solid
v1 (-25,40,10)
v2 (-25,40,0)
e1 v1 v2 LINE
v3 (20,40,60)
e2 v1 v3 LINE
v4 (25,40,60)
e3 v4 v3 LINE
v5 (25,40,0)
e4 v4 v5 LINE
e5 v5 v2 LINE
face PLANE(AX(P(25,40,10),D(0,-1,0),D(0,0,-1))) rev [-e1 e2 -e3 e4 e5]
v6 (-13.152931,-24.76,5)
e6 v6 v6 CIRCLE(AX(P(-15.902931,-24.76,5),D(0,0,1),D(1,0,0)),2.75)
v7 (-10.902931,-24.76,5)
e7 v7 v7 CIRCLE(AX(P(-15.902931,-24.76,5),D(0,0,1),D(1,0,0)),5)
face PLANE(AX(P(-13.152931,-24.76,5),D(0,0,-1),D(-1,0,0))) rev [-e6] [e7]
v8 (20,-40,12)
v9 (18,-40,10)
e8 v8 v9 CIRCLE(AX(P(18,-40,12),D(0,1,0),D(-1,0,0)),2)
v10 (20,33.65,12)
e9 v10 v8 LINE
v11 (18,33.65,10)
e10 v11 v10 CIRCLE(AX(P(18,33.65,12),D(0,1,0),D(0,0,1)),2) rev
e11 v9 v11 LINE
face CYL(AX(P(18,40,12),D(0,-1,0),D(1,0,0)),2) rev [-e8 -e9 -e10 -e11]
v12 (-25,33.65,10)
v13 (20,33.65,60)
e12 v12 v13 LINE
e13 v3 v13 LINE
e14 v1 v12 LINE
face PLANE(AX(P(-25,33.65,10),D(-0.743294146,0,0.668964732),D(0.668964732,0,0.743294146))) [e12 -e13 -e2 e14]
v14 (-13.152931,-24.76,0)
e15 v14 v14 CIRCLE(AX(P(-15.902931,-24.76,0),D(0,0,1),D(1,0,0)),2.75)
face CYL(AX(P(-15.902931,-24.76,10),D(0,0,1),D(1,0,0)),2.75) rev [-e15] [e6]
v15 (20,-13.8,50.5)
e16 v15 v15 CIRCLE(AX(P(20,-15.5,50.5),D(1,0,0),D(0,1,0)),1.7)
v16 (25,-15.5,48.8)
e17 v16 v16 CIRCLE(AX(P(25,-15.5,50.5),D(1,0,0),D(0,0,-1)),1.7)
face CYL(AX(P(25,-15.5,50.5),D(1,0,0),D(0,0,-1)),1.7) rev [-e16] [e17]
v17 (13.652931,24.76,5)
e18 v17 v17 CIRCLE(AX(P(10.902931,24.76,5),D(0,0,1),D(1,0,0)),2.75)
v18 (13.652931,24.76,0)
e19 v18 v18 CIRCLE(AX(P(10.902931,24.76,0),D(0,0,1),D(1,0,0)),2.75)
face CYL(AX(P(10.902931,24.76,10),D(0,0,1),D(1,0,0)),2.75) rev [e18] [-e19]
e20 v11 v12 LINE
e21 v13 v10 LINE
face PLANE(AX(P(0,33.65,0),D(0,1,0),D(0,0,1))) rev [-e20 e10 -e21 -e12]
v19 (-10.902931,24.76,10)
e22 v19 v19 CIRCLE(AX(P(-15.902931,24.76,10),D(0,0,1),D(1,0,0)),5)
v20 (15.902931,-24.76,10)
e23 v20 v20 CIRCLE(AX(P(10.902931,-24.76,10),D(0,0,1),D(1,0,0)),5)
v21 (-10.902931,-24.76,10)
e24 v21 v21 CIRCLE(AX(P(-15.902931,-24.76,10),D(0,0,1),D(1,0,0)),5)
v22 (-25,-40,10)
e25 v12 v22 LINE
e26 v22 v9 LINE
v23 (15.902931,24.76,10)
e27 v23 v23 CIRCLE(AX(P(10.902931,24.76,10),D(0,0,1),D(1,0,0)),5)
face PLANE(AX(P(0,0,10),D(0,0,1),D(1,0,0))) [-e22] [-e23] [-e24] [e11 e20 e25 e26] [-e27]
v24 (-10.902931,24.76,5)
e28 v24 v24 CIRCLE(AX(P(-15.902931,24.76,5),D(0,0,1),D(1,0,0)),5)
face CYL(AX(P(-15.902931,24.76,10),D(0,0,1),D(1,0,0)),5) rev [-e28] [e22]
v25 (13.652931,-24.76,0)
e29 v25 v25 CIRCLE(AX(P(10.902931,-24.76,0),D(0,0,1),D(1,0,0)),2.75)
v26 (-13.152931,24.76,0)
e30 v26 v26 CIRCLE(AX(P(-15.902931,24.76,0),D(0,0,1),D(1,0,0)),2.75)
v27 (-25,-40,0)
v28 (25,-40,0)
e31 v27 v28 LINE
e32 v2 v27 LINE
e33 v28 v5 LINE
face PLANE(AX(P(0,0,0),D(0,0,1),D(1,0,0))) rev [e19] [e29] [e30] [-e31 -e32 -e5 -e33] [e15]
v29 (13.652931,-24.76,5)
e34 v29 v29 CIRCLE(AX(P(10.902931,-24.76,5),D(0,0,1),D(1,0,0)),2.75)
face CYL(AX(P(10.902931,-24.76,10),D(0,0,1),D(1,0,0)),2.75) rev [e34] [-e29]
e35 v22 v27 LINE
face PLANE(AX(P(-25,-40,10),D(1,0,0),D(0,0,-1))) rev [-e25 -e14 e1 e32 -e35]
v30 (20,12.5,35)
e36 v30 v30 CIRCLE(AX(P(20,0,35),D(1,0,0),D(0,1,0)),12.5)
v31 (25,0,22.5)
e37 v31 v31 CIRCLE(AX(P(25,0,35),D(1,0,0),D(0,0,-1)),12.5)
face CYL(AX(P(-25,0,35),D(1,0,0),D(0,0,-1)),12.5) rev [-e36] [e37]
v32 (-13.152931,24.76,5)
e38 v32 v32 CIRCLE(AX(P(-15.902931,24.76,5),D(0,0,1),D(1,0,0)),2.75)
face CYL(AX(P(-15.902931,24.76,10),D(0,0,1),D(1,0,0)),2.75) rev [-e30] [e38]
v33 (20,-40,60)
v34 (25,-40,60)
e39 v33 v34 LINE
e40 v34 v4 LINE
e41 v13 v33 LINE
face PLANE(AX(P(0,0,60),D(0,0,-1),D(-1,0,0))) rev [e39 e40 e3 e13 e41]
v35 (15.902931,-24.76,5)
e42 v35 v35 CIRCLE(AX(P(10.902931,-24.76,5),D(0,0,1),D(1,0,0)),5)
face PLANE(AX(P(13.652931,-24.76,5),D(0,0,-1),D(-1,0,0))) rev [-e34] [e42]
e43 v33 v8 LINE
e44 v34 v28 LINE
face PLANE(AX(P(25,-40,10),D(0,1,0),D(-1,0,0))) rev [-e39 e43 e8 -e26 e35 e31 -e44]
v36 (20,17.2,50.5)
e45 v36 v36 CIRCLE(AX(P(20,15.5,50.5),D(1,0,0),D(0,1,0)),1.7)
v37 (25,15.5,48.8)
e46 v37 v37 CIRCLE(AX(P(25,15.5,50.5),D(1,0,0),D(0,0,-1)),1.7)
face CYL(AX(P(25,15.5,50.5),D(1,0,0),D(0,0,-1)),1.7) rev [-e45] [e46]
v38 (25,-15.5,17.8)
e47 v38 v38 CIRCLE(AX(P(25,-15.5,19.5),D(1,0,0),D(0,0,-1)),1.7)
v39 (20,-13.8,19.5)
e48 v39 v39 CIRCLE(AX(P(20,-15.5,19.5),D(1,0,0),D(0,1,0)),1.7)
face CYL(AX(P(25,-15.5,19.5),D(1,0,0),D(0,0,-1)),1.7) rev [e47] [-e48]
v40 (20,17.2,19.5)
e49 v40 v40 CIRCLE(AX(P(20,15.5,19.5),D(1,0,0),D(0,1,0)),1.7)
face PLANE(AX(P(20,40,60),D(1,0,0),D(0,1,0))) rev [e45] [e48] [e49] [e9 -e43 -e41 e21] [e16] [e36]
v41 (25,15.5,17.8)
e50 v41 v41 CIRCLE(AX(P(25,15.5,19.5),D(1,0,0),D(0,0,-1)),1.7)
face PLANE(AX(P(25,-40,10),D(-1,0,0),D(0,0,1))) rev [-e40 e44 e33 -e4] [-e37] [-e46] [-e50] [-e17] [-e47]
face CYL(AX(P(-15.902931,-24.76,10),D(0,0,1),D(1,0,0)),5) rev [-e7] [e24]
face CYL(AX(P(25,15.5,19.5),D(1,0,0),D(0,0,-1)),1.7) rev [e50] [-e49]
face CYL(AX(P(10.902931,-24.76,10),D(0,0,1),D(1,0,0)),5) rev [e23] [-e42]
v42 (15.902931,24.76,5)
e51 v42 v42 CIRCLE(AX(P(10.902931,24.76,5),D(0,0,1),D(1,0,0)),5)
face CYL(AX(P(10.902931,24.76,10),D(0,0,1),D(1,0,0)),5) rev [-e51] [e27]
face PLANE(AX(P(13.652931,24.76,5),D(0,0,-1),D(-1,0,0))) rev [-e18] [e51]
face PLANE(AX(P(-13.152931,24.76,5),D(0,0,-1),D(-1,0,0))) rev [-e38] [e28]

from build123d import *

# Parameters (mm, degrees)
SKETCH1_W                      = 50
SKETCH1_H                      = 80
BOSS_EXTRUDE1_DEPTH            = 10
SKETCH2_W                      = 5
SKETCH2_H                      = 80
BOSS_EXTRUDE2_DEPTH            = 50
SKETCH3_R                      = 12.5
CUT_EXTRUDE1_DEPTH             = 88.749643874
M3_CLEARANCE_HOLE1_D           = 3.4
CBORE_FOR_M5_SHCS1_D           = 5.5
CBORE_FOR_M5_SHCS1_CBORE_D     = 10
CBORE_FOR_M5_SHCS1_CBORE_DEPTH = 5
FILLET11_R                     = 2
BOSS_EXTRUDE3_DEPTH            = 6.35


with BuildPart() as part:
    # Sketch1 → Boss-Extrude1 (new body)
    with BuildSketch(Plane.XY):
        Rectangle(SKETCH1_W, SKETCH1_H)
    extrude(amount=BOSS_EXTRUDE1_DEPTH)

    # Sketch2 → Boss-Extrude2 (add)
    with BuildSketch(Plane.XY.offset(10)):
        with Locations((22.5, 0)):
            Rectangle(SKETCH2_W, SKETCH2_H)
    extrude(amount=BOSS_EXTRUDE2_DEPTH)

    # Sketch3 → Cut-Extrude1 (cut, through all)
    with BuildSketch(Plane(origin=(25, 0, 0), x_dir=(0, 0, -1), z_dir=(1, 0, 0))):
        with Locations((-35, 0)):
            Circle(SKETCH3_R)
    extrude(amount=-CUT_EXTRUDE1_DEPTH, mode=Mode.SUBTRACT)

    # M3 Clearance Hole1 (through all)
    with Locations(Plane(origin=(25, 0, 0), x_dir=(0, 0, -1), z_dir=(1, 0, 0))):
        with Locations((-50.5, -15.5), (-35, 0), (-50.5, 15.5), (-19.5, -15.5), (-19.5, 15.5)):
            Hole(M3_CLEARANCE_HOLE1_D / 2)

    # CBORE for M5 SHCS1 (through all)
    with Locations(Plane.XY.offset(10)):
        with Locations((-15.902931391, 24.76), (10.902931391, 24.76), (-15.902931391, -24.76), (10.902931391, -24.76)):
            CounterBoreHole(CBORE_FOR_M5_SHCS1_D / 2, CBORE_FOR_M5_SHCS1_CBORE_D / 2, CBORE_FOR_M5_SHCS1_CBORE_DEPTH)

    # Fillet11
    fillet11_edges = [part.edges().sort_by_distance(p)[0] for p in [
        (20, 0, 10),
    ]]
    fillet(fillet11_edges, radius=FILLET11_R)

    # Sketch8 → Boss-Extrude3 (add)
    with BuildSketch(Plane(origin=(0, 40, 0), x_dir=(1, 0, 0), z_dir=(0, 1, 0))):
        Polygon((-25, -10), (20, -60), (20, -10), align=None)
    extrude(amount=-BOSS_EXTRUDE3_DEPTH)


solid = part.part
